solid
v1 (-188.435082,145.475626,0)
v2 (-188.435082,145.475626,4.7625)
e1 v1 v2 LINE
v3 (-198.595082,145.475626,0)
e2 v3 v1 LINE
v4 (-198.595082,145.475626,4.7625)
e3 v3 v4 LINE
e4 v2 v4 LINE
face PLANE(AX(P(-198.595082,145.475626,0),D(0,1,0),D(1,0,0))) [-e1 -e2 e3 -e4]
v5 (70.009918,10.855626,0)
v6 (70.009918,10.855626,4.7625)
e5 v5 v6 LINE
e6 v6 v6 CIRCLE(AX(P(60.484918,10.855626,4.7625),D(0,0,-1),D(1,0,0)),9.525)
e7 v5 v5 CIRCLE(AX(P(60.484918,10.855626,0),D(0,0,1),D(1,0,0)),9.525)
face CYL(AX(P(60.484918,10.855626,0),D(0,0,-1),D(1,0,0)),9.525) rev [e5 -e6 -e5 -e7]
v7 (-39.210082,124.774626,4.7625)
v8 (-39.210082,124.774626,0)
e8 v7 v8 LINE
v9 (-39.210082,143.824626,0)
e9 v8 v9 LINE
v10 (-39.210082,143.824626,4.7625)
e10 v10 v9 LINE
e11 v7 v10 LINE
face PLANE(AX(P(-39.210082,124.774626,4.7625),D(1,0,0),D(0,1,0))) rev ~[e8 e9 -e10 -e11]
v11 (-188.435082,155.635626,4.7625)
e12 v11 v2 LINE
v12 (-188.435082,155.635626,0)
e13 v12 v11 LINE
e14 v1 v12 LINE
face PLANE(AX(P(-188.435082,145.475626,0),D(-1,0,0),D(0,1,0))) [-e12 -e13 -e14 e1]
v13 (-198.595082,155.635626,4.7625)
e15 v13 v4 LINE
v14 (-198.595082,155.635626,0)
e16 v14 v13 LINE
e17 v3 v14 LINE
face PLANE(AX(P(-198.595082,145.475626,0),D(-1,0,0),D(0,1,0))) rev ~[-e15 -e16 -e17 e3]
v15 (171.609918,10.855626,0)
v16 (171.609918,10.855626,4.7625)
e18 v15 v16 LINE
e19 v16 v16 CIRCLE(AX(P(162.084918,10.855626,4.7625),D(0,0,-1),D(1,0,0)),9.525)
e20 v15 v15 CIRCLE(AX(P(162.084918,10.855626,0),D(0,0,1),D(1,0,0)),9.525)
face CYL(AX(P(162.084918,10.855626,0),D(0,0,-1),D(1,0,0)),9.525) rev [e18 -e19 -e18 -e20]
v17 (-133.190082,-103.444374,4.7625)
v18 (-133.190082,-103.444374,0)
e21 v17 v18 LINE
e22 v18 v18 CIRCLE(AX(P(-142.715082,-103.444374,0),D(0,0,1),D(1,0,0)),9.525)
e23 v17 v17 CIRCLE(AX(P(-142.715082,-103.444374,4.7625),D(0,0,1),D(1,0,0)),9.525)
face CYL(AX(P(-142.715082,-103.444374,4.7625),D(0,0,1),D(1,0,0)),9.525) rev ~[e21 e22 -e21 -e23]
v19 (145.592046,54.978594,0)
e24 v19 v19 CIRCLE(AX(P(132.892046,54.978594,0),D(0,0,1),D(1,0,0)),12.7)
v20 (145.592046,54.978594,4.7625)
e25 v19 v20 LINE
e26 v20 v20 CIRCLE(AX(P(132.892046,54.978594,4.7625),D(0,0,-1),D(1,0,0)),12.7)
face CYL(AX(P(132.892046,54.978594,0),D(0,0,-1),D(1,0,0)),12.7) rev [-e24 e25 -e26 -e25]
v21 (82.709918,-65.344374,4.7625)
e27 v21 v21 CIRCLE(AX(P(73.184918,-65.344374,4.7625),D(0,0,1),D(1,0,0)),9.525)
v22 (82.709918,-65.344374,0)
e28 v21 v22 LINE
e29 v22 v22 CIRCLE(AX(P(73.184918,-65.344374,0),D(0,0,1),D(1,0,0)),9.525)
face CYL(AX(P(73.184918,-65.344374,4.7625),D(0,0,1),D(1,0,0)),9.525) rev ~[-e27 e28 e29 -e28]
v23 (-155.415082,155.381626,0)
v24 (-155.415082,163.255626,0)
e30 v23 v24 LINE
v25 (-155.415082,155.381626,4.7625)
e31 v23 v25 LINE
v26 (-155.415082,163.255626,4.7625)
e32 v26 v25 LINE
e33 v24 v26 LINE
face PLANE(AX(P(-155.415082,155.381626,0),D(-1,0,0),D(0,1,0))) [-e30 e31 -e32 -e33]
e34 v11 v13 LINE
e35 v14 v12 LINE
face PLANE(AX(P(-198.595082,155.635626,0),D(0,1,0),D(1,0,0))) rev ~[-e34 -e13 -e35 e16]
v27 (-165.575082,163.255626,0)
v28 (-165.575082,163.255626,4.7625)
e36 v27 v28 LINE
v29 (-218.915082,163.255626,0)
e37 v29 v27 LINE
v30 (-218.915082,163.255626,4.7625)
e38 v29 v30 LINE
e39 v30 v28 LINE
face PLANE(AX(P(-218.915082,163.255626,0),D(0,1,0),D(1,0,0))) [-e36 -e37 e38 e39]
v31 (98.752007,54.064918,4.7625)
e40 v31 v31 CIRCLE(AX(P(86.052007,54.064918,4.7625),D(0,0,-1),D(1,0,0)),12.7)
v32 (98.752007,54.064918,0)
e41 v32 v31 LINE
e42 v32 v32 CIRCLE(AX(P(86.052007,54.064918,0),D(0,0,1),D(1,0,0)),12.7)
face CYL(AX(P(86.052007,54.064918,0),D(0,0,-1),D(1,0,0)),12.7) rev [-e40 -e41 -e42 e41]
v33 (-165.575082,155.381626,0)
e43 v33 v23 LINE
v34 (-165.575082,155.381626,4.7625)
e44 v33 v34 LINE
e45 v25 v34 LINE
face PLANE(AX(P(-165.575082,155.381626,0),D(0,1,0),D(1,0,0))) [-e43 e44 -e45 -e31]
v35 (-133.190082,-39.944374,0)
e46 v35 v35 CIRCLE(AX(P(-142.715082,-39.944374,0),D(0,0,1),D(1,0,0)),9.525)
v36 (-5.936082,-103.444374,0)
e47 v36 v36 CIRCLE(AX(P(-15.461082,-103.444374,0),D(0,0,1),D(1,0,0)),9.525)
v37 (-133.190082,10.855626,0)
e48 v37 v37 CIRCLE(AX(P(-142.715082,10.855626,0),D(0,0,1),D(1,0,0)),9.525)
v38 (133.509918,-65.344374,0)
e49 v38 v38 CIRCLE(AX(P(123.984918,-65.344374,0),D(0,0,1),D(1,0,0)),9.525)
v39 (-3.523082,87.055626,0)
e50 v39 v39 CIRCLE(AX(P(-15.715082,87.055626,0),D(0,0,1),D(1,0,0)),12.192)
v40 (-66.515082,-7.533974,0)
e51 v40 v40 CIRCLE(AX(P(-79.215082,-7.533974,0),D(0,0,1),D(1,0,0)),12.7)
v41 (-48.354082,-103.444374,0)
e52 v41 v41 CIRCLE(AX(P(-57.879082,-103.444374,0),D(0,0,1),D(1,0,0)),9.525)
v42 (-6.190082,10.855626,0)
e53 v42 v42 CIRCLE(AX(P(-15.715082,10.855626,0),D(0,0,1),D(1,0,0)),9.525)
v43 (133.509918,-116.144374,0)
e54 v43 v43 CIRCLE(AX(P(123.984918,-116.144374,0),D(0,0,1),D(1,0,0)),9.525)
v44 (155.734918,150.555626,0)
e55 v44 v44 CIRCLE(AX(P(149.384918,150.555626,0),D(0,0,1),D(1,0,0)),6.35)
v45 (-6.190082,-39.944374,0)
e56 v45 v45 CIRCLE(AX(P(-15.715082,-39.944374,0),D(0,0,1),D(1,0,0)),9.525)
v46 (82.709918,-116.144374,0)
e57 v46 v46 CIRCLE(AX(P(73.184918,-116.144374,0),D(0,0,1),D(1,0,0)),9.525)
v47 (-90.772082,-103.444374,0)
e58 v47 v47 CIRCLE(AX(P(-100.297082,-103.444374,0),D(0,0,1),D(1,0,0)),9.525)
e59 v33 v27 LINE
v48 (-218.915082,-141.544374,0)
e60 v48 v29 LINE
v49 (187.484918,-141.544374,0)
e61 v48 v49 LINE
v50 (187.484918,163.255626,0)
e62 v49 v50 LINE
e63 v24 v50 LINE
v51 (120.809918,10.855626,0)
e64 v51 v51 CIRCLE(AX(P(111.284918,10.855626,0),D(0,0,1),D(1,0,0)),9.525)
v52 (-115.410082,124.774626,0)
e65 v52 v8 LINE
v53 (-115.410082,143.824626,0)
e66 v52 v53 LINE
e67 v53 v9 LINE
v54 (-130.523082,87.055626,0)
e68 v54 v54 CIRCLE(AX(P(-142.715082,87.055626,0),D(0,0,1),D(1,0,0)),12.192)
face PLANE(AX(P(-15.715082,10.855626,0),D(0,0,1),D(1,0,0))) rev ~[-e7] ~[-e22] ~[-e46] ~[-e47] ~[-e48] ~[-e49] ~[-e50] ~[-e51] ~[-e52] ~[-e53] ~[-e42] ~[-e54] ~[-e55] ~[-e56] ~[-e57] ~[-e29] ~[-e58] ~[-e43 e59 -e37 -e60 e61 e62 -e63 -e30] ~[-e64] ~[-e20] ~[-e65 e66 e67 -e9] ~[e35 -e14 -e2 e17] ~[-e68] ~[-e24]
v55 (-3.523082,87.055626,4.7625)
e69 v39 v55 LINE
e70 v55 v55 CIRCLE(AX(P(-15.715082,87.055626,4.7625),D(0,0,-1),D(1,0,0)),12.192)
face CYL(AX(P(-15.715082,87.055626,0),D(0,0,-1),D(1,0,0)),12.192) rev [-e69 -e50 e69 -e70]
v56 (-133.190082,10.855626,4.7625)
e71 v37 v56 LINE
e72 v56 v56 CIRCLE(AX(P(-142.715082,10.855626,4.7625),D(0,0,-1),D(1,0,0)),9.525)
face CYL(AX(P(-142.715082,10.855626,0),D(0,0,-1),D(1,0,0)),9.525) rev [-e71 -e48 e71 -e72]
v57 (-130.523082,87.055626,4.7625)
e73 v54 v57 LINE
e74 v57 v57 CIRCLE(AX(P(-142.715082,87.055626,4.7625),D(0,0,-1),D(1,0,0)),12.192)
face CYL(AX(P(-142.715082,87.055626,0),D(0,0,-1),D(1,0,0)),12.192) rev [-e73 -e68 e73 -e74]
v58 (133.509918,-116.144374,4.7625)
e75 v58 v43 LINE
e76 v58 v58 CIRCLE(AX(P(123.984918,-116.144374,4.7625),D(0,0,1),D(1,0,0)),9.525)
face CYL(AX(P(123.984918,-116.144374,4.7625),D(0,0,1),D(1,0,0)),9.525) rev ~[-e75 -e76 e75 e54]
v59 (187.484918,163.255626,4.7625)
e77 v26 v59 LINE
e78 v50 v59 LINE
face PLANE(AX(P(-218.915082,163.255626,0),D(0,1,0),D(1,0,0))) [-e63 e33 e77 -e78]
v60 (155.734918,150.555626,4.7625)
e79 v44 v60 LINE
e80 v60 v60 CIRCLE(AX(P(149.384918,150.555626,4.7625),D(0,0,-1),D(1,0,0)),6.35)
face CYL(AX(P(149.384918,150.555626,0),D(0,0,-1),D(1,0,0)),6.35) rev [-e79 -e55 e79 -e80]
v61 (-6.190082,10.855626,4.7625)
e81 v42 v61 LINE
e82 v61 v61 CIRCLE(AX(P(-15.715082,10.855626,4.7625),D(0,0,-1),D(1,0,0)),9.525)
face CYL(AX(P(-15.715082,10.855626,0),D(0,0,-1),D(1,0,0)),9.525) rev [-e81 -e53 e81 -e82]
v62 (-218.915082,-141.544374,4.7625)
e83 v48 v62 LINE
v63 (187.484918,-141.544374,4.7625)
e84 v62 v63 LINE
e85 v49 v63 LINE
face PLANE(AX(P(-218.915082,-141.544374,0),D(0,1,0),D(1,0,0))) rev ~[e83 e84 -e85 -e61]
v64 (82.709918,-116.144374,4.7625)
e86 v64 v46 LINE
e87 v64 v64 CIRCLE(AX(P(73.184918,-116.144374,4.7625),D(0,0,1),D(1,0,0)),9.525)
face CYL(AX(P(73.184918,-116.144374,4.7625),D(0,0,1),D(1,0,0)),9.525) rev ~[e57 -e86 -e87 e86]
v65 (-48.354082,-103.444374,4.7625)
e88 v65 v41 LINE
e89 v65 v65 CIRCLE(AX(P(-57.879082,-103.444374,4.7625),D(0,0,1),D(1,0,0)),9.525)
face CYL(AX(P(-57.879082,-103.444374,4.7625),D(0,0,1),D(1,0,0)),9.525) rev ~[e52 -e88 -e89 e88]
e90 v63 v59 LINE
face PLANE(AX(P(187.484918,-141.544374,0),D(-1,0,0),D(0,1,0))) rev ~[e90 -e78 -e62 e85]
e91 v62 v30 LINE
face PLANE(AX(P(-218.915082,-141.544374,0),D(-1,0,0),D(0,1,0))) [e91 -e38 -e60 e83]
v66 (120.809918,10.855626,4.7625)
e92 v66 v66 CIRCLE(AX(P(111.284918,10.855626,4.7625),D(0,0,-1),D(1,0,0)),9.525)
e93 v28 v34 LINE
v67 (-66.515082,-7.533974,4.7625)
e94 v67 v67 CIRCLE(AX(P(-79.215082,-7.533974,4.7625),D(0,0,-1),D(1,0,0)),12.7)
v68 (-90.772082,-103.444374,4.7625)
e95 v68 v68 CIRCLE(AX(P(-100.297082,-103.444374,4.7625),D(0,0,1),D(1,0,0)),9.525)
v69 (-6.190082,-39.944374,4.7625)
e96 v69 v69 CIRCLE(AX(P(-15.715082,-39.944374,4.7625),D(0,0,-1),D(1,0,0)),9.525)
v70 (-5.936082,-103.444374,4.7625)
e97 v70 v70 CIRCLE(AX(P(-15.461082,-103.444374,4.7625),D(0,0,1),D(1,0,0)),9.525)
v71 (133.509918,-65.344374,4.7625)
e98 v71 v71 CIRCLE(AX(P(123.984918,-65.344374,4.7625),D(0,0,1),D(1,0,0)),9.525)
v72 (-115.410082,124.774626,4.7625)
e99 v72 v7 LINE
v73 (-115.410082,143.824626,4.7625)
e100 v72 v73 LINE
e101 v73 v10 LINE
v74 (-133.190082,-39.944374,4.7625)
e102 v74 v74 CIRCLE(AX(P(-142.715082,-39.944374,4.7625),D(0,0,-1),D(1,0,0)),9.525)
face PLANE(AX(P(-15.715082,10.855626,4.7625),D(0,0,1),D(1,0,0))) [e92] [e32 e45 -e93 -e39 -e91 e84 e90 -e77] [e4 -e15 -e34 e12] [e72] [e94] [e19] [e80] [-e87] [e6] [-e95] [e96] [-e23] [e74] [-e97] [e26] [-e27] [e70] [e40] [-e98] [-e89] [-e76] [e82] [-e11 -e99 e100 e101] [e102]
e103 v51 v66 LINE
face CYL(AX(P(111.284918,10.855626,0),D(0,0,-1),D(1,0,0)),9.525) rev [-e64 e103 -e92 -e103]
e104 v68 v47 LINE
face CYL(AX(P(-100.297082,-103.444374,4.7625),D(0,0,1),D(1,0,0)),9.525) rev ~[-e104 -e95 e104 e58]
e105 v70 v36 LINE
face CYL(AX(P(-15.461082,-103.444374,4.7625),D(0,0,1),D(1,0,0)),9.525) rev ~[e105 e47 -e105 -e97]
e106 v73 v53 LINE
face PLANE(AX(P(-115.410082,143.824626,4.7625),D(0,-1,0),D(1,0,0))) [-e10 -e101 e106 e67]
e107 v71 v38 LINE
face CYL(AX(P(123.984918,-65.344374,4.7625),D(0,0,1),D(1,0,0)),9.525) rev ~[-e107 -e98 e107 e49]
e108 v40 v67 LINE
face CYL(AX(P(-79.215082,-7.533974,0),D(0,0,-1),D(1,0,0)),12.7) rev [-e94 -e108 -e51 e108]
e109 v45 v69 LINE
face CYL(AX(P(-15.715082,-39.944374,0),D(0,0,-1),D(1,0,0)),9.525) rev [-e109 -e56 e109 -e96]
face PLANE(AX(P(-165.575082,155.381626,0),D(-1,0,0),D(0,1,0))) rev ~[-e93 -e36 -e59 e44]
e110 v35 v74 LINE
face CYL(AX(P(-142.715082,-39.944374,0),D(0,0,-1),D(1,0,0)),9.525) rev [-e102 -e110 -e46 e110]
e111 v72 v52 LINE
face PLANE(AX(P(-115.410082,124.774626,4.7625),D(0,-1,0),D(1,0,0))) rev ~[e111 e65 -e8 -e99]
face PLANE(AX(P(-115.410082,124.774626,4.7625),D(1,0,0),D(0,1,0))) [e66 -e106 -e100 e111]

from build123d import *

# Parameters (mm, degrees)
F0_W     = 406.4
F0_H     = 304.8
F1_DEPTH = 4.7625
F2_R     = 12.192
F2_R_2   = 9.525
F2_W     = 10.16
F2_H     = 7.874
F2_R_3   = 12.7
F2_R_4   = 6.35
F2_R_5   = 3.175
F2_H_2   = 10.16
F3_DEPTH = 25.4
F4_R     = 9.525
F4_W     = 76.2
F4_H     = 19.05
F5_DEPTH = 25.4


with BuildPart() as f1:
    # F0 (on Top) → F1 (new body)
    with BuildSketch(Plane.XY):
        with Locations((-15.715082, 10.855626)):
            Rectangle(F0_W, F0_H)
    extrude(amount=F1_DEPTH)

    # F2 (on Top) → F3 (cut)
    with BuildSketch(Plane.XY):
        with Locations((-142.715082, 87.055626)):
            Circle(F2_R)
        with Locations((-142.715082, 10.855626)):
            Circle(F2_R_2)
        with Locations((-142.715082, -39.944374)):
            Circle(F2_R_2)
        with Locations((-15.715082, -39.944374)):
            Circle(F2_R_2)
        with Locations((-15.715082, 10.855626)):
            Circle(F2_R_2)
        with Locations((-160.495082, 159.318626)):
            Rectangle(F2_W, F2_H)
        with Locations((60.484918, 10.855626)):
            Circle(F2_R_2)
        with Locations((111.284918, 10.855626)):
            Circle(F2_R_2)
        with Locations((162.084918, 10.855626)):
            Circle(F2_R_2)
        with Locations((86.052007, 54.064918)):
            Circle(F2_R_3)
        with Locations((132.892046, 54.978594)):
            Circle(F2_R_3)
        with Locations((-79.215082, -7.533974)):
            Circle(F2_R_3)
        with Locations((149.384918, 150.555626)):
            Circle(F2_R_4)
        with Locations((-52.545082, 131.124626)):
            Circle(F2_R_5)
        with Locations((-103.345082, 131.124626)):
            Circle(F2_R_5)
        with Locations((-193.515082, 150.555626)):
            Rectangle(F2_W, F2_H_2)
        with Locations((-15.715082, 87.055626)):
            Circle(F2_R)
    extrude(amount=F3_DEPTH, mode=Mode.SUBTRACT)

    # F4 (on face) → F5 (cut)
    with BuildSketch(Plane.XY.offset(4.7625)):
        with Locations((-142.715082, -103.444374)):
            Circle(F4_R)
        with Locations((-100.297082, -103.444374)):
            Circle(F4_R)
        with Locations((73.184918, -65.344374)):
            Circle(F4_R)
        with Locations((73.184918, -116.144374)):
            Circle(F4_R)
        with Locations((123.984918, -65.344374)):
            Circle(F4_R)
        with Locations((123.984918, -116.144374)):
            Circle(F4_R)
        with Locations((-57.879082, -103.444374)):
            Circle(F4_R)
        with Locations((-15.461082, -103.444374)):
            Circle(F4_R)
        with Locations((-77.310082, 134.299626)):
            Rectangle(F4_W, F4_H)
    extrude(amount=-F5_DEPTH, mode=Mode.SUBTRACT)


solid = f1.part
